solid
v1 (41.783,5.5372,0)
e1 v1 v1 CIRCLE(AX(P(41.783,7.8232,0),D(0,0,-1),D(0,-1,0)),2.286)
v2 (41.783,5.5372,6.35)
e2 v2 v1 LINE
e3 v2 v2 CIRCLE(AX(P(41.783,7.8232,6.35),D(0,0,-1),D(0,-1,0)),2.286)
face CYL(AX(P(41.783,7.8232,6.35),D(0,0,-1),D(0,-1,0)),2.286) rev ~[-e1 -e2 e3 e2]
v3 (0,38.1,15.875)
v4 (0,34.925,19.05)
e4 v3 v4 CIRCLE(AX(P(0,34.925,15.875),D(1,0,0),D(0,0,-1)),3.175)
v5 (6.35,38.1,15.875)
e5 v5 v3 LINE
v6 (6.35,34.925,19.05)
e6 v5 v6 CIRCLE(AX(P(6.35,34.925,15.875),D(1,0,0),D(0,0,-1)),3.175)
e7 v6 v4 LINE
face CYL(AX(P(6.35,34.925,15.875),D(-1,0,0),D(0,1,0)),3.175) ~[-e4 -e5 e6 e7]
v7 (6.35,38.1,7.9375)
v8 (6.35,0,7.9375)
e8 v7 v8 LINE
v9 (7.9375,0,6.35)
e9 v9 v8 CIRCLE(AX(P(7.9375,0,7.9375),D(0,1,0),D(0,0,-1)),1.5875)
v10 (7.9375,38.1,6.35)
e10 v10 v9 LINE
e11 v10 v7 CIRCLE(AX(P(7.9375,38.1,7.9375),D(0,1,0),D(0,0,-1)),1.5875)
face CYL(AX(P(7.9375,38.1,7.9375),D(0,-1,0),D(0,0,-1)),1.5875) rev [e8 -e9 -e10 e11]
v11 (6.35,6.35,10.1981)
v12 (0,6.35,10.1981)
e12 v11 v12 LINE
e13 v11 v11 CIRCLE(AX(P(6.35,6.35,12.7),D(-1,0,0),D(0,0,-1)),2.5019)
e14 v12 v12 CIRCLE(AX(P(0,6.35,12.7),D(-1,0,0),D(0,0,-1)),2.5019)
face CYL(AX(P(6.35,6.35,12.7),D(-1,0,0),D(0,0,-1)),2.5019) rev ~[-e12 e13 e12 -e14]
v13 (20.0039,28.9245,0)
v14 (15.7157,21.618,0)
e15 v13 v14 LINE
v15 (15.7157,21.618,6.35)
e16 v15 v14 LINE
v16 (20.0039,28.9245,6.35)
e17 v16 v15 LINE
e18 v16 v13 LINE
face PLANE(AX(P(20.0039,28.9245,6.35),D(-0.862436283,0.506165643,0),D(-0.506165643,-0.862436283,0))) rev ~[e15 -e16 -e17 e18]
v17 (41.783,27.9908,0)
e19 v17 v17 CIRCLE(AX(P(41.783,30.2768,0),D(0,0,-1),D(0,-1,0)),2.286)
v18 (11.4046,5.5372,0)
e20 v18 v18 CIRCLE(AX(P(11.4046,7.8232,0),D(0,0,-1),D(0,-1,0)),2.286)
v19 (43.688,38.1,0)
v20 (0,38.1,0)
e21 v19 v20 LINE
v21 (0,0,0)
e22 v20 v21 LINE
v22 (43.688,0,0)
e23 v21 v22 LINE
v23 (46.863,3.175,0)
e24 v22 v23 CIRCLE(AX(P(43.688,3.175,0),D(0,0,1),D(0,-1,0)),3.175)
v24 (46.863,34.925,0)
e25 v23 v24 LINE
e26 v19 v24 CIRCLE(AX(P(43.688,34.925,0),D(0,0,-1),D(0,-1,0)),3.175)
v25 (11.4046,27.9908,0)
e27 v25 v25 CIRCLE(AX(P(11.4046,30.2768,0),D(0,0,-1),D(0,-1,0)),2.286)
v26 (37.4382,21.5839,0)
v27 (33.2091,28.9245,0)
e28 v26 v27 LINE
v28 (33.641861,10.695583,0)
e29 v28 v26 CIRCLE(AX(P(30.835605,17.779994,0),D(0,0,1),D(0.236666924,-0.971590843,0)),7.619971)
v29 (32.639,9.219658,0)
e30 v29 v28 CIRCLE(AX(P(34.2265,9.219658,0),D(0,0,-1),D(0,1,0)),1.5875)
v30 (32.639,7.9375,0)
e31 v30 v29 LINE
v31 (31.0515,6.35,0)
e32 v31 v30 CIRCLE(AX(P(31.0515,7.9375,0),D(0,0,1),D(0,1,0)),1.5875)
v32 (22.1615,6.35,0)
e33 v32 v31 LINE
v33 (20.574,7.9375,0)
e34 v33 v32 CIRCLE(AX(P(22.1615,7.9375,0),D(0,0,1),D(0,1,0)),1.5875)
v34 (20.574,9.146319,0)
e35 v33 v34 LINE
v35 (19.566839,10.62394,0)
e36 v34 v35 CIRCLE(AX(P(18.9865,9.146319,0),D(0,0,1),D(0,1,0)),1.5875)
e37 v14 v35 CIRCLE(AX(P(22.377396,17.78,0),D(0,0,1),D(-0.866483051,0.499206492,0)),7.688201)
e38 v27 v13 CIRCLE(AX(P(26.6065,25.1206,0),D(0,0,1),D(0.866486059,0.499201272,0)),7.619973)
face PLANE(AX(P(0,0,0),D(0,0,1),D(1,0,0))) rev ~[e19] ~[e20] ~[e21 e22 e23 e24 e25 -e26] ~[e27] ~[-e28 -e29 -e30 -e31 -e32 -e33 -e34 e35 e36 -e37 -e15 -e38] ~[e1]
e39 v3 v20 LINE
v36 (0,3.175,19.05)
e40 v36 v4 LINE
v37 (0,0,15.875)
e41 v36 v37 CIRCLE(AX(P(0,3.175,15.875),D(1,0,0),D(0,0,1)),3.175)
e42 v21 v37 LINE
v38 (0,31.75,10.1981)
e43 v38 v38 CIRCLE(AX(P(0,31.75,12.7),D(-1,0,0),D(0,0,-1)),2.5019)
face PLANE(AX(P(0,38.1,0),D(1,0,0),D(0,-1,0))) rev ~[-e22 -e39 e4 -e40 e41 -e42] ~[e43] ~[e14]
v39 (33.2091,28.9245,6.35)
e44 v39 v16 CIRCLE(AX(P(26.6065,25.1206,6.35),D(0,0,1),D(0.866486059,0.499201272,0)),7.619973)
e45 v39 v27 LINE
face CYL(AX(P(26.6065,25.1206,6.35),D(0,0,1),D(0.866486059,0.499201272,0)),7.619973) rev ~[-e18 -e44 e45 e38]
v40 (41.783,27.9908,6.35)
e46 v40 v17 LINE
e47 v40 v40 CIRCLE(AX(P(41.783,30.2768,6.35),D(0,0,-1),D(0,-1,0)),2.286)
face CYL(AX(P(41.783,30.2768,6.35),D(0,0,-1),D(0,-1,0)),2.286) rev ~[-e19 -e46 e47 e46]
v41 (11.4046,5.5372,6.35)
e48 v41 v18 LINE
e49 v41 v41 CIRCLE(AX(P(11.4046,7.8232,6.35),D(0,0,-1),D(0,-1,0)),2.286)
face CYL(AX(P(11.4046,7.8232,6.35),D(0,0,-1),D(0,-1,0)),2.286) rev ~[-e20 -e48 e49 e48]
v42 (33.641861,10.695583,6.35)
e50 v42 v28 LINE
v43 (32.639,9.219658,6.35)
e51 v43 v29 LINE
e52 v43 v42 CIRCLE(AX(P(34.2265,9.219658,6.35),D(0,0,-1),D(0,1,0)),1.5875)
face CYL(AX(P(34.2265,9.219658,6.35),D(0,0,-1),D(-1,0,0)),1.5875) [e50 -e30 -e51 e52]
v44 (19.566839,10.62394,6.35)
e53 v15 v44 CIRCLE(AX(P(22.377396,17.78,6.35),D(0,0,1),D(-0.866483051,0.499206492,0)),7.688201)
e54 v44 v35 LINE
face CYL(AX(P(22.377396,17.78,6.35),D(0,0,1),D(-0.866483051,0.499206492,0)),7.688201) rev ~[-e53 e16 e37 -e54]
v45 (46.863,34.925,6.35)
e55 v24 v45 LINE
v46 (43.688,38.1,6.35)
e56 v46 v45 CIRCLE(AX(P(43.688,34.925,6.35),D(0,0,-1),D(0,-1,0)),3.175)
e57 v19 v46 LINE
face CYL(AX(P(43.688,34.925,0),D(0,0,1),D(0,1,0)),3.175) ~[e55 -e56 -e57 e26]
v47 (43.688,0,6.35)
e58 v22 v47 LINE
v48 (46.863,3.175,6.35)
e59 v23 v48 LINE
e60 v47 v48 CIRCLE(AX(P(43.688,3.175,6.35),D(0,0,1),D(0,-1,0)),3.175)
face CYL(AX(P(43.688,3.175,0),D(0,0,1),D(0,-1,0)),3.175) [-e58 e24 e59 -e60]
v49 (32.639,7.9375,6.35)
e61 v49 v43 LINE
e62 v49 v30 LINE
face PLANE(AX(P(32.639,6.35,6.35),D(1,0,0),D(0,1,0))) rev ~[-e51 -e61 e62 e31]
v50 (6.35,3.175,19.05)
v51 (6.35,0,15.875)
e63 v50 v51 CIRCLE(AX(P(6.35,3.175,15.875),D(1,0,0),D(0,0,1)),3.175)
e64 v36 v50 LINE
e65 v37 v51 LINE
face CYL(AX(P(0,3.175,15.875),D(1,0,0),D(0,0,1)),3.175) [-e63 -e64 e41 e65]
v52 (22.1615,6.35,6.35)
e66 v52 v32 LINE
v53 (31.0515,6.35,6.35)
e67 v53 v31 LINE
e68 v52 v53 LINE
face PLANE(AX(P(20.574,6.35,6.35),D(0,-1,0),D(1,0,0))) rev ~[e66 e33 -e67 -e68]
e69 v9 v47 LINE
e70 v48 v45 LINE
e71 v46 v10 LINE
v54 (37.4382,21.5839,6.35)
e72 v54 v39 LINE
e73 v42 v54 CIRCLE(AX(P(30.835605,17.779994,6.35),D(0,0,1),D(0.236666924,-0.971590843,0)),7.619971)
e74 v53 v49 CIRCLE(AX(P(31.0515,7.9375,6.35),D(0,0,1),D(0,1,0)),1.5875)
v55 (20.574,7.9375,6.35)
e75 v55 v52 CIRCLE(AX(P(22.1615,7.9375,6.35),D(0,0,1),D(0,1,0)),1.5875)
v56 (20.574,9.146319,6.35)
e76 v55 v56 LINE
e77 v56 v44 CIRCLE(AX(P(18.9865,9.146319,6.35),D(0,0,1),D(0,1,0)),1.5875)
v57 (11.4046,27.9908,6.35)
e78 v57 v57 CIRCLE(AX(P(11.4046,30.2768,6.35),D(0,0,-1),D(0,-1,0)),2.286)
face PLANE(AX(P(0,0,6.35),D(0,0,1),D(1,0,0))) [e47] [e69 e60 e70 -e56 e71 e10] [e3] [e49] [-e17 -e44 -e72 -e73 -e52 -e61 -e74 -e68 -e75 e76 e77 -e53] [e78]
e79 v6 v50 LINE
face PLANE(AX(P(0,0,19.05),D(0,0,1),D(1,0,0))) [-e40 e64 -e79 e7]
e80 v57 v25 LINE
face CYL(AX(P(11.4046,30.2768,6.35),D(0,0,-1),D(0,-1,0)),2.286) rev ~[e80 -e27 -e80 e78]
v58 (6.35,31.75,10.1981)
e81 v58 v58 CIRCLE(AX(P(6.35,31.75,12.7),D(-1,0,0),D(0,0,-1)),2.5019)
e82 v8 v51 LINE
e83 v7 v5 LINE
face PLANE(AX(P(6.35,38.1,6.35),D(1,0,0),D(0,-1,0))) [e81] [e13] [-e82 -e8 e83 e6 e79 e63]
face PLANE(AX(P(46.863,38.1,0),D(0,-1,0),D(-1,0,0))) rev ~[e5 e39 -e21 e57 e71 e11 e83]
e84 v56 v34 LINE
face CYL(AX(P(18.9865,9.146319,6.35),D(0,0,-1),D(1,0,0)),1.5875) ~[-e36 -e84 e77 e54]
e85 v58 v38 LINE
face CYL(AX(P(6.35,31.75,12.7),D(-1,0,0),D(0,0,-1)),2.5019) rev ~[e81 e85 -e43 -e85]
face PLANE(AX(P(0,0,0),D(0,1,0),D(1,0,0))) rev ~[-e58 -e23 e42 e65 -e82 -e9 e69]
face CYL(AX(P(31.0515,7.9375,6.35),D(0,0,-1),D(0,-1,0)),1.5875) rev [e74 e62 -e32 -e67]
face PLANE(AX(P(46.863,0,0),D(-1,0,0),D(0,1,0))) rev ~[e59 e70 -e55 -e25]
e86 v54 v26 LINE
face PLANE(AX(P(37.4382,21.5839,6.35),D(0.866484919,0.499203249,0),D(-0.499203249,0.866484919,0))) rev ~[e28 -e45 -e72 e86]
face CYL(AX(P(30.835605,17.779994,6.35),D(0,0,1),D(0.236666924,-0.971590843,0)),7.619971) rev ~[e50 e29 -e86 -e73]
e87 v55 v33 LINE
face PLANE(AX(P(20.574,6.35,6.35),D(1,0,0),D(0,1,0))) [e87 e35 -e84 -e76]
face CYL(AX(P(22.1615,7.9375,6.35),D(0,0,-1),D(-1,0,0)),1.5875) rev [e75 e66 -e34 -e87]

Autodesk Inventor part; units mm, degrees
ref_plane "YZ Plane" through (0, 0, 0) normal (1, 0, 0) x (0, 1, 0)
ref_plane "XZ Plane" through (0, 0, 0) normal (0, 1, 0) x (-1, 0, 0)
ref_plane "XY Plane" through (0, 0, 0) normal (0, 0, 1) x (1, 0, 0)
sketch "Sketch1" plane through (0, 0, 0) normal (0, 0, 1) x (1, 0, 0)
  line L0 (0, 0) -> (46.863, 0)
  line L1 (46.863, 0) -> (46.863, 38.1)
  line L2 (46.863, 38.1) -> (0, 38.1)
  line L3 (0, 38.1) -> (0, 0)
  dimension "d0" = 46.863
  dimension "d1" = 38.1
extrude "Extrusion1" add sketch "Sketch1" along normal blind 6.35
sketch "Sketch2" plane through (0, 0, 6.35) normal (0, 0, 1) x (1, 0, 0)
  line L0 (46.863, 38.1) -> (0, 38.1) projected
  line L1 (0, 0) -> (46.863, 0) projected
  line L2 (0, 38.1) -> (6.35, 38.1)
  line L3 (6.35, 38.1) -> (6.35, 0)
  line L4 (6.35, 0) -> (0, 0)
  line L5 (0, 0) -> (0, 38.1)
  dimension "d4" = 6.35
extrude "Extrusion2" add sketch "Sketch2" along normal blind 12.7
sketch "Sketch4" plane through (0, 0, 6.35) normal (0, 0, 1) x (1, 0, 0)
  line L0 (46.863, 38.1) -> (6.35, 38.1) projected
  line L1 (46.863, 0) -> (46.863, 38.1) projected
  point P0 (0, 0)
  point P1 (41.783, 30.2768)
  point P2 (40.513, 38.1)
  point P3 (6.35, 38.1)
  point P4 (43.688, 3.175)
  point P5 (43.688, 34.925)
  dimension "d8" = 7.8232
  dimension "d9" = 5.08
hole "Hole1" at (41.783, 30.2768, 6.35) direction (0, 0, -1) diameter 4.572 end through all
sketch "Sketch5" plane through (0, 0, 6.35) normal (0, 0, 1) x (1, 0, 0)
  line L0 (6.35, 0) -> (46.863, 0) projected
  line L1 (46.863, 0) -> (46.863, 38.1) projected
  point P0 (0, 0)
  point P1 (41.783, 7.8232)
  point P2 (6.35, 0)
  point P3 (40.513, 0)
  point P4 (43.688, 3.175)
  point P5 (43.688, 34.925)
  dimension "d17" = 7.8232
  dimension "d18" = 5.08
hole "Hole2" at (41.783, 7.8232, 6.35) direction (0, 0, -1) diameter 4.572 end through all
sketch "Sketch6" plane through (6.35, 0, 6.35) normal (1, 0, 0) x (0, 0, -1)
  line L0 (-12.7, 0) -> (-12.7, 38.1) projected
  line L1 (0, 38.1) -> (-12.7, 38.1) projected
  point P0 (6.35, 0)
  point P1 (-6.35, 31.75)
  dimension "d26" = 6.35
  dimension "d27" = 6.35
hole "Hole3" at (6.35, 31.75, 12.7) direction (-1, 0, 0) diameter 5.0038 end through all
sketch "Sketch7" plane through (6.35, 0, 6.35) normal (1, 0, 0) x (0, 0, -1)
  line L0 (-12.7, 0) -> (-12.7, 38.1) projected
  line L1 (0, 0) -> (-12.7, 0) projected
  point P0 (6.35, 0)
  point P1 (-6.35, 6.35)
  dimension "d35" = 6.35
  dimension "d36" = 6.35
hole "Hole4" at (6.35, 6.35, 12.7) direction (-1, 0, 0) diameter 5.0038 end through all
fillet "Fillet3" radius 3.175 4 edges at (3.175, 38.1, 19.05) (3.175, 0, 19.05) (46.863, 38.1, 3.175) (46.863, 0, 3.175)
fillet "Fillet4" radius 1.5875 1 edges at (6.35, 19.05, 6.35)
sketch "Sketch8" plane through (0, 0, 6.35) normal (0, 0, 1) x (1, 0, 0)
  line L0 (46.863, 3.175) -> (46.863, 34.925) projected
  line L1 (43.688, 38.1) -> (7.9375, 38.1) projected
  point P0 (0, 0)
  point P1 (11.4046, 30.2768)
  dimension "d47" = 35.4584
  dimension "d48" = 7.8232
hole "Hole5" at (11.4046, 30.2768, 6.35) direction (0, 0, -1) diameter 4.572 end through all
sketch "Sketch9" plane through (0, 0, 6.35) normal (0, 0, 1) x (1, 0, 0)
  line L0 (7.9375, 0) -> (43.688, 0) projected
  line L1 (46.863, 3.175) -> (46.863, 34.925) projected
  point P0 (0, 0)
  point P1 (11.4046, 7.8232)
  dimension "d56" = 7.8232
  dimension "d57" = 35.4584
hole "Hole6" at (11.4046, 7.8232, 6.35) direction (0, 0, -1) diameter 4.572 end through all
sketch "Sketch10" plane through (0, 0, 6.35) normal (0, 0, 1) x (1, 0, 0)
  line L0 (22.3774, 17.78) -> (30.8356, 17.78) construction
  line L1 (26.6065, 17.78) -> (26.6065, 25.1206) construction
  line L2 (46.863, 3.175) -> (46.863, 34.925) projected
  line L3 (7.9375, 0) -> (43.688, 0) projected
  line L4 (22.3774, 11.43) -> (30.8356, 11.43)
  line L5 (32.1087, 28.2905) -> (36.3378, 20.9499)
  arc A0 (32.8202, 23.8119) -> (26.6065, 13.0432) centre (30.8356, 17.78) ccw construction
  arc A1 (30.8356, 11.43) -> (36.3378, 20.9499) centre (30.8356, 17.78) ccw
  line L6 (21.1043, 28.2905) -> (16.8752, 20.9499)
  arc A2 (26.6065, 13.0432) -> (20.3928, 23.8119) centre (22.3774, 17.78) ccw construction
  arc A3 (16.8752, 20.9499) -> (22.3774, 11.43) centre (22.3774, 17.78) ccw
  arc A4 (32.1087, 28.2905) -> (21.1043, 28.2905) centre (26.6065, 25.1206) ccw
  arc A5 (20.3928, 23.8119) -> (32.8202, 23.8119) centre (26.6065, 25.1206) ccw construction
  line L7 (20.0039, 28.9245) -> (15.7157, 21.618)
  arc A6 (15.7157, 21.618) -> (20.574, 10.3063) centre (22.3774, 17.78) ccw
  arc A7 (32.639, 10.3765) -> (37.4382, 21.5839) centre (30.8356, 17.78) ccw
  line L8 (37.4382, 21.5839) -> (33.2091, 28.9245)
  arc A8 (33.2091, 28.9245) -> (20.0039, 28.9245) centre (26.6065, 25.1206) ccw
  line L9 (20.574, 6.35) -> (32.639, 6.35)
  line L10 (26.6065, 6.35) -> (26.6065, 4.7621) construction
  line L11 (20.574, 6.35) -> (20.574, 10.3063)
  line L12 (32.639, 6.35) -> (32.639, 10.3765)
  point P0 (0, 0)
  dimension "d65" = 8.4582
  dimension "d71" = 7.3406
  dimension "d72" = 20.2565
  dimension "d73" = 17.78
  dimension "d74" = 1.27
  dimension "d75" = 11.43
  dimension "d76" = 12.065
  dimension "d77" = 0
extrude "Extrusion3" cut sketch "Sketch10" against normal through all contours A3 L6 A4 L5 A1 L4 | A8 L8 A7 L12 L9 L11 A6 L7
fillet "Fillet5" radius 1.5875 2 edges at (20.574, 6.35, 3.175) (32.639, 6.35, 3.175)
fillet "Fillet6" radius 1.5875 2 edges at (20.574, 10.3063, 3.175) (32.639, 10.3765, 3.175)
properties part number "CAN Resistor Mount"
